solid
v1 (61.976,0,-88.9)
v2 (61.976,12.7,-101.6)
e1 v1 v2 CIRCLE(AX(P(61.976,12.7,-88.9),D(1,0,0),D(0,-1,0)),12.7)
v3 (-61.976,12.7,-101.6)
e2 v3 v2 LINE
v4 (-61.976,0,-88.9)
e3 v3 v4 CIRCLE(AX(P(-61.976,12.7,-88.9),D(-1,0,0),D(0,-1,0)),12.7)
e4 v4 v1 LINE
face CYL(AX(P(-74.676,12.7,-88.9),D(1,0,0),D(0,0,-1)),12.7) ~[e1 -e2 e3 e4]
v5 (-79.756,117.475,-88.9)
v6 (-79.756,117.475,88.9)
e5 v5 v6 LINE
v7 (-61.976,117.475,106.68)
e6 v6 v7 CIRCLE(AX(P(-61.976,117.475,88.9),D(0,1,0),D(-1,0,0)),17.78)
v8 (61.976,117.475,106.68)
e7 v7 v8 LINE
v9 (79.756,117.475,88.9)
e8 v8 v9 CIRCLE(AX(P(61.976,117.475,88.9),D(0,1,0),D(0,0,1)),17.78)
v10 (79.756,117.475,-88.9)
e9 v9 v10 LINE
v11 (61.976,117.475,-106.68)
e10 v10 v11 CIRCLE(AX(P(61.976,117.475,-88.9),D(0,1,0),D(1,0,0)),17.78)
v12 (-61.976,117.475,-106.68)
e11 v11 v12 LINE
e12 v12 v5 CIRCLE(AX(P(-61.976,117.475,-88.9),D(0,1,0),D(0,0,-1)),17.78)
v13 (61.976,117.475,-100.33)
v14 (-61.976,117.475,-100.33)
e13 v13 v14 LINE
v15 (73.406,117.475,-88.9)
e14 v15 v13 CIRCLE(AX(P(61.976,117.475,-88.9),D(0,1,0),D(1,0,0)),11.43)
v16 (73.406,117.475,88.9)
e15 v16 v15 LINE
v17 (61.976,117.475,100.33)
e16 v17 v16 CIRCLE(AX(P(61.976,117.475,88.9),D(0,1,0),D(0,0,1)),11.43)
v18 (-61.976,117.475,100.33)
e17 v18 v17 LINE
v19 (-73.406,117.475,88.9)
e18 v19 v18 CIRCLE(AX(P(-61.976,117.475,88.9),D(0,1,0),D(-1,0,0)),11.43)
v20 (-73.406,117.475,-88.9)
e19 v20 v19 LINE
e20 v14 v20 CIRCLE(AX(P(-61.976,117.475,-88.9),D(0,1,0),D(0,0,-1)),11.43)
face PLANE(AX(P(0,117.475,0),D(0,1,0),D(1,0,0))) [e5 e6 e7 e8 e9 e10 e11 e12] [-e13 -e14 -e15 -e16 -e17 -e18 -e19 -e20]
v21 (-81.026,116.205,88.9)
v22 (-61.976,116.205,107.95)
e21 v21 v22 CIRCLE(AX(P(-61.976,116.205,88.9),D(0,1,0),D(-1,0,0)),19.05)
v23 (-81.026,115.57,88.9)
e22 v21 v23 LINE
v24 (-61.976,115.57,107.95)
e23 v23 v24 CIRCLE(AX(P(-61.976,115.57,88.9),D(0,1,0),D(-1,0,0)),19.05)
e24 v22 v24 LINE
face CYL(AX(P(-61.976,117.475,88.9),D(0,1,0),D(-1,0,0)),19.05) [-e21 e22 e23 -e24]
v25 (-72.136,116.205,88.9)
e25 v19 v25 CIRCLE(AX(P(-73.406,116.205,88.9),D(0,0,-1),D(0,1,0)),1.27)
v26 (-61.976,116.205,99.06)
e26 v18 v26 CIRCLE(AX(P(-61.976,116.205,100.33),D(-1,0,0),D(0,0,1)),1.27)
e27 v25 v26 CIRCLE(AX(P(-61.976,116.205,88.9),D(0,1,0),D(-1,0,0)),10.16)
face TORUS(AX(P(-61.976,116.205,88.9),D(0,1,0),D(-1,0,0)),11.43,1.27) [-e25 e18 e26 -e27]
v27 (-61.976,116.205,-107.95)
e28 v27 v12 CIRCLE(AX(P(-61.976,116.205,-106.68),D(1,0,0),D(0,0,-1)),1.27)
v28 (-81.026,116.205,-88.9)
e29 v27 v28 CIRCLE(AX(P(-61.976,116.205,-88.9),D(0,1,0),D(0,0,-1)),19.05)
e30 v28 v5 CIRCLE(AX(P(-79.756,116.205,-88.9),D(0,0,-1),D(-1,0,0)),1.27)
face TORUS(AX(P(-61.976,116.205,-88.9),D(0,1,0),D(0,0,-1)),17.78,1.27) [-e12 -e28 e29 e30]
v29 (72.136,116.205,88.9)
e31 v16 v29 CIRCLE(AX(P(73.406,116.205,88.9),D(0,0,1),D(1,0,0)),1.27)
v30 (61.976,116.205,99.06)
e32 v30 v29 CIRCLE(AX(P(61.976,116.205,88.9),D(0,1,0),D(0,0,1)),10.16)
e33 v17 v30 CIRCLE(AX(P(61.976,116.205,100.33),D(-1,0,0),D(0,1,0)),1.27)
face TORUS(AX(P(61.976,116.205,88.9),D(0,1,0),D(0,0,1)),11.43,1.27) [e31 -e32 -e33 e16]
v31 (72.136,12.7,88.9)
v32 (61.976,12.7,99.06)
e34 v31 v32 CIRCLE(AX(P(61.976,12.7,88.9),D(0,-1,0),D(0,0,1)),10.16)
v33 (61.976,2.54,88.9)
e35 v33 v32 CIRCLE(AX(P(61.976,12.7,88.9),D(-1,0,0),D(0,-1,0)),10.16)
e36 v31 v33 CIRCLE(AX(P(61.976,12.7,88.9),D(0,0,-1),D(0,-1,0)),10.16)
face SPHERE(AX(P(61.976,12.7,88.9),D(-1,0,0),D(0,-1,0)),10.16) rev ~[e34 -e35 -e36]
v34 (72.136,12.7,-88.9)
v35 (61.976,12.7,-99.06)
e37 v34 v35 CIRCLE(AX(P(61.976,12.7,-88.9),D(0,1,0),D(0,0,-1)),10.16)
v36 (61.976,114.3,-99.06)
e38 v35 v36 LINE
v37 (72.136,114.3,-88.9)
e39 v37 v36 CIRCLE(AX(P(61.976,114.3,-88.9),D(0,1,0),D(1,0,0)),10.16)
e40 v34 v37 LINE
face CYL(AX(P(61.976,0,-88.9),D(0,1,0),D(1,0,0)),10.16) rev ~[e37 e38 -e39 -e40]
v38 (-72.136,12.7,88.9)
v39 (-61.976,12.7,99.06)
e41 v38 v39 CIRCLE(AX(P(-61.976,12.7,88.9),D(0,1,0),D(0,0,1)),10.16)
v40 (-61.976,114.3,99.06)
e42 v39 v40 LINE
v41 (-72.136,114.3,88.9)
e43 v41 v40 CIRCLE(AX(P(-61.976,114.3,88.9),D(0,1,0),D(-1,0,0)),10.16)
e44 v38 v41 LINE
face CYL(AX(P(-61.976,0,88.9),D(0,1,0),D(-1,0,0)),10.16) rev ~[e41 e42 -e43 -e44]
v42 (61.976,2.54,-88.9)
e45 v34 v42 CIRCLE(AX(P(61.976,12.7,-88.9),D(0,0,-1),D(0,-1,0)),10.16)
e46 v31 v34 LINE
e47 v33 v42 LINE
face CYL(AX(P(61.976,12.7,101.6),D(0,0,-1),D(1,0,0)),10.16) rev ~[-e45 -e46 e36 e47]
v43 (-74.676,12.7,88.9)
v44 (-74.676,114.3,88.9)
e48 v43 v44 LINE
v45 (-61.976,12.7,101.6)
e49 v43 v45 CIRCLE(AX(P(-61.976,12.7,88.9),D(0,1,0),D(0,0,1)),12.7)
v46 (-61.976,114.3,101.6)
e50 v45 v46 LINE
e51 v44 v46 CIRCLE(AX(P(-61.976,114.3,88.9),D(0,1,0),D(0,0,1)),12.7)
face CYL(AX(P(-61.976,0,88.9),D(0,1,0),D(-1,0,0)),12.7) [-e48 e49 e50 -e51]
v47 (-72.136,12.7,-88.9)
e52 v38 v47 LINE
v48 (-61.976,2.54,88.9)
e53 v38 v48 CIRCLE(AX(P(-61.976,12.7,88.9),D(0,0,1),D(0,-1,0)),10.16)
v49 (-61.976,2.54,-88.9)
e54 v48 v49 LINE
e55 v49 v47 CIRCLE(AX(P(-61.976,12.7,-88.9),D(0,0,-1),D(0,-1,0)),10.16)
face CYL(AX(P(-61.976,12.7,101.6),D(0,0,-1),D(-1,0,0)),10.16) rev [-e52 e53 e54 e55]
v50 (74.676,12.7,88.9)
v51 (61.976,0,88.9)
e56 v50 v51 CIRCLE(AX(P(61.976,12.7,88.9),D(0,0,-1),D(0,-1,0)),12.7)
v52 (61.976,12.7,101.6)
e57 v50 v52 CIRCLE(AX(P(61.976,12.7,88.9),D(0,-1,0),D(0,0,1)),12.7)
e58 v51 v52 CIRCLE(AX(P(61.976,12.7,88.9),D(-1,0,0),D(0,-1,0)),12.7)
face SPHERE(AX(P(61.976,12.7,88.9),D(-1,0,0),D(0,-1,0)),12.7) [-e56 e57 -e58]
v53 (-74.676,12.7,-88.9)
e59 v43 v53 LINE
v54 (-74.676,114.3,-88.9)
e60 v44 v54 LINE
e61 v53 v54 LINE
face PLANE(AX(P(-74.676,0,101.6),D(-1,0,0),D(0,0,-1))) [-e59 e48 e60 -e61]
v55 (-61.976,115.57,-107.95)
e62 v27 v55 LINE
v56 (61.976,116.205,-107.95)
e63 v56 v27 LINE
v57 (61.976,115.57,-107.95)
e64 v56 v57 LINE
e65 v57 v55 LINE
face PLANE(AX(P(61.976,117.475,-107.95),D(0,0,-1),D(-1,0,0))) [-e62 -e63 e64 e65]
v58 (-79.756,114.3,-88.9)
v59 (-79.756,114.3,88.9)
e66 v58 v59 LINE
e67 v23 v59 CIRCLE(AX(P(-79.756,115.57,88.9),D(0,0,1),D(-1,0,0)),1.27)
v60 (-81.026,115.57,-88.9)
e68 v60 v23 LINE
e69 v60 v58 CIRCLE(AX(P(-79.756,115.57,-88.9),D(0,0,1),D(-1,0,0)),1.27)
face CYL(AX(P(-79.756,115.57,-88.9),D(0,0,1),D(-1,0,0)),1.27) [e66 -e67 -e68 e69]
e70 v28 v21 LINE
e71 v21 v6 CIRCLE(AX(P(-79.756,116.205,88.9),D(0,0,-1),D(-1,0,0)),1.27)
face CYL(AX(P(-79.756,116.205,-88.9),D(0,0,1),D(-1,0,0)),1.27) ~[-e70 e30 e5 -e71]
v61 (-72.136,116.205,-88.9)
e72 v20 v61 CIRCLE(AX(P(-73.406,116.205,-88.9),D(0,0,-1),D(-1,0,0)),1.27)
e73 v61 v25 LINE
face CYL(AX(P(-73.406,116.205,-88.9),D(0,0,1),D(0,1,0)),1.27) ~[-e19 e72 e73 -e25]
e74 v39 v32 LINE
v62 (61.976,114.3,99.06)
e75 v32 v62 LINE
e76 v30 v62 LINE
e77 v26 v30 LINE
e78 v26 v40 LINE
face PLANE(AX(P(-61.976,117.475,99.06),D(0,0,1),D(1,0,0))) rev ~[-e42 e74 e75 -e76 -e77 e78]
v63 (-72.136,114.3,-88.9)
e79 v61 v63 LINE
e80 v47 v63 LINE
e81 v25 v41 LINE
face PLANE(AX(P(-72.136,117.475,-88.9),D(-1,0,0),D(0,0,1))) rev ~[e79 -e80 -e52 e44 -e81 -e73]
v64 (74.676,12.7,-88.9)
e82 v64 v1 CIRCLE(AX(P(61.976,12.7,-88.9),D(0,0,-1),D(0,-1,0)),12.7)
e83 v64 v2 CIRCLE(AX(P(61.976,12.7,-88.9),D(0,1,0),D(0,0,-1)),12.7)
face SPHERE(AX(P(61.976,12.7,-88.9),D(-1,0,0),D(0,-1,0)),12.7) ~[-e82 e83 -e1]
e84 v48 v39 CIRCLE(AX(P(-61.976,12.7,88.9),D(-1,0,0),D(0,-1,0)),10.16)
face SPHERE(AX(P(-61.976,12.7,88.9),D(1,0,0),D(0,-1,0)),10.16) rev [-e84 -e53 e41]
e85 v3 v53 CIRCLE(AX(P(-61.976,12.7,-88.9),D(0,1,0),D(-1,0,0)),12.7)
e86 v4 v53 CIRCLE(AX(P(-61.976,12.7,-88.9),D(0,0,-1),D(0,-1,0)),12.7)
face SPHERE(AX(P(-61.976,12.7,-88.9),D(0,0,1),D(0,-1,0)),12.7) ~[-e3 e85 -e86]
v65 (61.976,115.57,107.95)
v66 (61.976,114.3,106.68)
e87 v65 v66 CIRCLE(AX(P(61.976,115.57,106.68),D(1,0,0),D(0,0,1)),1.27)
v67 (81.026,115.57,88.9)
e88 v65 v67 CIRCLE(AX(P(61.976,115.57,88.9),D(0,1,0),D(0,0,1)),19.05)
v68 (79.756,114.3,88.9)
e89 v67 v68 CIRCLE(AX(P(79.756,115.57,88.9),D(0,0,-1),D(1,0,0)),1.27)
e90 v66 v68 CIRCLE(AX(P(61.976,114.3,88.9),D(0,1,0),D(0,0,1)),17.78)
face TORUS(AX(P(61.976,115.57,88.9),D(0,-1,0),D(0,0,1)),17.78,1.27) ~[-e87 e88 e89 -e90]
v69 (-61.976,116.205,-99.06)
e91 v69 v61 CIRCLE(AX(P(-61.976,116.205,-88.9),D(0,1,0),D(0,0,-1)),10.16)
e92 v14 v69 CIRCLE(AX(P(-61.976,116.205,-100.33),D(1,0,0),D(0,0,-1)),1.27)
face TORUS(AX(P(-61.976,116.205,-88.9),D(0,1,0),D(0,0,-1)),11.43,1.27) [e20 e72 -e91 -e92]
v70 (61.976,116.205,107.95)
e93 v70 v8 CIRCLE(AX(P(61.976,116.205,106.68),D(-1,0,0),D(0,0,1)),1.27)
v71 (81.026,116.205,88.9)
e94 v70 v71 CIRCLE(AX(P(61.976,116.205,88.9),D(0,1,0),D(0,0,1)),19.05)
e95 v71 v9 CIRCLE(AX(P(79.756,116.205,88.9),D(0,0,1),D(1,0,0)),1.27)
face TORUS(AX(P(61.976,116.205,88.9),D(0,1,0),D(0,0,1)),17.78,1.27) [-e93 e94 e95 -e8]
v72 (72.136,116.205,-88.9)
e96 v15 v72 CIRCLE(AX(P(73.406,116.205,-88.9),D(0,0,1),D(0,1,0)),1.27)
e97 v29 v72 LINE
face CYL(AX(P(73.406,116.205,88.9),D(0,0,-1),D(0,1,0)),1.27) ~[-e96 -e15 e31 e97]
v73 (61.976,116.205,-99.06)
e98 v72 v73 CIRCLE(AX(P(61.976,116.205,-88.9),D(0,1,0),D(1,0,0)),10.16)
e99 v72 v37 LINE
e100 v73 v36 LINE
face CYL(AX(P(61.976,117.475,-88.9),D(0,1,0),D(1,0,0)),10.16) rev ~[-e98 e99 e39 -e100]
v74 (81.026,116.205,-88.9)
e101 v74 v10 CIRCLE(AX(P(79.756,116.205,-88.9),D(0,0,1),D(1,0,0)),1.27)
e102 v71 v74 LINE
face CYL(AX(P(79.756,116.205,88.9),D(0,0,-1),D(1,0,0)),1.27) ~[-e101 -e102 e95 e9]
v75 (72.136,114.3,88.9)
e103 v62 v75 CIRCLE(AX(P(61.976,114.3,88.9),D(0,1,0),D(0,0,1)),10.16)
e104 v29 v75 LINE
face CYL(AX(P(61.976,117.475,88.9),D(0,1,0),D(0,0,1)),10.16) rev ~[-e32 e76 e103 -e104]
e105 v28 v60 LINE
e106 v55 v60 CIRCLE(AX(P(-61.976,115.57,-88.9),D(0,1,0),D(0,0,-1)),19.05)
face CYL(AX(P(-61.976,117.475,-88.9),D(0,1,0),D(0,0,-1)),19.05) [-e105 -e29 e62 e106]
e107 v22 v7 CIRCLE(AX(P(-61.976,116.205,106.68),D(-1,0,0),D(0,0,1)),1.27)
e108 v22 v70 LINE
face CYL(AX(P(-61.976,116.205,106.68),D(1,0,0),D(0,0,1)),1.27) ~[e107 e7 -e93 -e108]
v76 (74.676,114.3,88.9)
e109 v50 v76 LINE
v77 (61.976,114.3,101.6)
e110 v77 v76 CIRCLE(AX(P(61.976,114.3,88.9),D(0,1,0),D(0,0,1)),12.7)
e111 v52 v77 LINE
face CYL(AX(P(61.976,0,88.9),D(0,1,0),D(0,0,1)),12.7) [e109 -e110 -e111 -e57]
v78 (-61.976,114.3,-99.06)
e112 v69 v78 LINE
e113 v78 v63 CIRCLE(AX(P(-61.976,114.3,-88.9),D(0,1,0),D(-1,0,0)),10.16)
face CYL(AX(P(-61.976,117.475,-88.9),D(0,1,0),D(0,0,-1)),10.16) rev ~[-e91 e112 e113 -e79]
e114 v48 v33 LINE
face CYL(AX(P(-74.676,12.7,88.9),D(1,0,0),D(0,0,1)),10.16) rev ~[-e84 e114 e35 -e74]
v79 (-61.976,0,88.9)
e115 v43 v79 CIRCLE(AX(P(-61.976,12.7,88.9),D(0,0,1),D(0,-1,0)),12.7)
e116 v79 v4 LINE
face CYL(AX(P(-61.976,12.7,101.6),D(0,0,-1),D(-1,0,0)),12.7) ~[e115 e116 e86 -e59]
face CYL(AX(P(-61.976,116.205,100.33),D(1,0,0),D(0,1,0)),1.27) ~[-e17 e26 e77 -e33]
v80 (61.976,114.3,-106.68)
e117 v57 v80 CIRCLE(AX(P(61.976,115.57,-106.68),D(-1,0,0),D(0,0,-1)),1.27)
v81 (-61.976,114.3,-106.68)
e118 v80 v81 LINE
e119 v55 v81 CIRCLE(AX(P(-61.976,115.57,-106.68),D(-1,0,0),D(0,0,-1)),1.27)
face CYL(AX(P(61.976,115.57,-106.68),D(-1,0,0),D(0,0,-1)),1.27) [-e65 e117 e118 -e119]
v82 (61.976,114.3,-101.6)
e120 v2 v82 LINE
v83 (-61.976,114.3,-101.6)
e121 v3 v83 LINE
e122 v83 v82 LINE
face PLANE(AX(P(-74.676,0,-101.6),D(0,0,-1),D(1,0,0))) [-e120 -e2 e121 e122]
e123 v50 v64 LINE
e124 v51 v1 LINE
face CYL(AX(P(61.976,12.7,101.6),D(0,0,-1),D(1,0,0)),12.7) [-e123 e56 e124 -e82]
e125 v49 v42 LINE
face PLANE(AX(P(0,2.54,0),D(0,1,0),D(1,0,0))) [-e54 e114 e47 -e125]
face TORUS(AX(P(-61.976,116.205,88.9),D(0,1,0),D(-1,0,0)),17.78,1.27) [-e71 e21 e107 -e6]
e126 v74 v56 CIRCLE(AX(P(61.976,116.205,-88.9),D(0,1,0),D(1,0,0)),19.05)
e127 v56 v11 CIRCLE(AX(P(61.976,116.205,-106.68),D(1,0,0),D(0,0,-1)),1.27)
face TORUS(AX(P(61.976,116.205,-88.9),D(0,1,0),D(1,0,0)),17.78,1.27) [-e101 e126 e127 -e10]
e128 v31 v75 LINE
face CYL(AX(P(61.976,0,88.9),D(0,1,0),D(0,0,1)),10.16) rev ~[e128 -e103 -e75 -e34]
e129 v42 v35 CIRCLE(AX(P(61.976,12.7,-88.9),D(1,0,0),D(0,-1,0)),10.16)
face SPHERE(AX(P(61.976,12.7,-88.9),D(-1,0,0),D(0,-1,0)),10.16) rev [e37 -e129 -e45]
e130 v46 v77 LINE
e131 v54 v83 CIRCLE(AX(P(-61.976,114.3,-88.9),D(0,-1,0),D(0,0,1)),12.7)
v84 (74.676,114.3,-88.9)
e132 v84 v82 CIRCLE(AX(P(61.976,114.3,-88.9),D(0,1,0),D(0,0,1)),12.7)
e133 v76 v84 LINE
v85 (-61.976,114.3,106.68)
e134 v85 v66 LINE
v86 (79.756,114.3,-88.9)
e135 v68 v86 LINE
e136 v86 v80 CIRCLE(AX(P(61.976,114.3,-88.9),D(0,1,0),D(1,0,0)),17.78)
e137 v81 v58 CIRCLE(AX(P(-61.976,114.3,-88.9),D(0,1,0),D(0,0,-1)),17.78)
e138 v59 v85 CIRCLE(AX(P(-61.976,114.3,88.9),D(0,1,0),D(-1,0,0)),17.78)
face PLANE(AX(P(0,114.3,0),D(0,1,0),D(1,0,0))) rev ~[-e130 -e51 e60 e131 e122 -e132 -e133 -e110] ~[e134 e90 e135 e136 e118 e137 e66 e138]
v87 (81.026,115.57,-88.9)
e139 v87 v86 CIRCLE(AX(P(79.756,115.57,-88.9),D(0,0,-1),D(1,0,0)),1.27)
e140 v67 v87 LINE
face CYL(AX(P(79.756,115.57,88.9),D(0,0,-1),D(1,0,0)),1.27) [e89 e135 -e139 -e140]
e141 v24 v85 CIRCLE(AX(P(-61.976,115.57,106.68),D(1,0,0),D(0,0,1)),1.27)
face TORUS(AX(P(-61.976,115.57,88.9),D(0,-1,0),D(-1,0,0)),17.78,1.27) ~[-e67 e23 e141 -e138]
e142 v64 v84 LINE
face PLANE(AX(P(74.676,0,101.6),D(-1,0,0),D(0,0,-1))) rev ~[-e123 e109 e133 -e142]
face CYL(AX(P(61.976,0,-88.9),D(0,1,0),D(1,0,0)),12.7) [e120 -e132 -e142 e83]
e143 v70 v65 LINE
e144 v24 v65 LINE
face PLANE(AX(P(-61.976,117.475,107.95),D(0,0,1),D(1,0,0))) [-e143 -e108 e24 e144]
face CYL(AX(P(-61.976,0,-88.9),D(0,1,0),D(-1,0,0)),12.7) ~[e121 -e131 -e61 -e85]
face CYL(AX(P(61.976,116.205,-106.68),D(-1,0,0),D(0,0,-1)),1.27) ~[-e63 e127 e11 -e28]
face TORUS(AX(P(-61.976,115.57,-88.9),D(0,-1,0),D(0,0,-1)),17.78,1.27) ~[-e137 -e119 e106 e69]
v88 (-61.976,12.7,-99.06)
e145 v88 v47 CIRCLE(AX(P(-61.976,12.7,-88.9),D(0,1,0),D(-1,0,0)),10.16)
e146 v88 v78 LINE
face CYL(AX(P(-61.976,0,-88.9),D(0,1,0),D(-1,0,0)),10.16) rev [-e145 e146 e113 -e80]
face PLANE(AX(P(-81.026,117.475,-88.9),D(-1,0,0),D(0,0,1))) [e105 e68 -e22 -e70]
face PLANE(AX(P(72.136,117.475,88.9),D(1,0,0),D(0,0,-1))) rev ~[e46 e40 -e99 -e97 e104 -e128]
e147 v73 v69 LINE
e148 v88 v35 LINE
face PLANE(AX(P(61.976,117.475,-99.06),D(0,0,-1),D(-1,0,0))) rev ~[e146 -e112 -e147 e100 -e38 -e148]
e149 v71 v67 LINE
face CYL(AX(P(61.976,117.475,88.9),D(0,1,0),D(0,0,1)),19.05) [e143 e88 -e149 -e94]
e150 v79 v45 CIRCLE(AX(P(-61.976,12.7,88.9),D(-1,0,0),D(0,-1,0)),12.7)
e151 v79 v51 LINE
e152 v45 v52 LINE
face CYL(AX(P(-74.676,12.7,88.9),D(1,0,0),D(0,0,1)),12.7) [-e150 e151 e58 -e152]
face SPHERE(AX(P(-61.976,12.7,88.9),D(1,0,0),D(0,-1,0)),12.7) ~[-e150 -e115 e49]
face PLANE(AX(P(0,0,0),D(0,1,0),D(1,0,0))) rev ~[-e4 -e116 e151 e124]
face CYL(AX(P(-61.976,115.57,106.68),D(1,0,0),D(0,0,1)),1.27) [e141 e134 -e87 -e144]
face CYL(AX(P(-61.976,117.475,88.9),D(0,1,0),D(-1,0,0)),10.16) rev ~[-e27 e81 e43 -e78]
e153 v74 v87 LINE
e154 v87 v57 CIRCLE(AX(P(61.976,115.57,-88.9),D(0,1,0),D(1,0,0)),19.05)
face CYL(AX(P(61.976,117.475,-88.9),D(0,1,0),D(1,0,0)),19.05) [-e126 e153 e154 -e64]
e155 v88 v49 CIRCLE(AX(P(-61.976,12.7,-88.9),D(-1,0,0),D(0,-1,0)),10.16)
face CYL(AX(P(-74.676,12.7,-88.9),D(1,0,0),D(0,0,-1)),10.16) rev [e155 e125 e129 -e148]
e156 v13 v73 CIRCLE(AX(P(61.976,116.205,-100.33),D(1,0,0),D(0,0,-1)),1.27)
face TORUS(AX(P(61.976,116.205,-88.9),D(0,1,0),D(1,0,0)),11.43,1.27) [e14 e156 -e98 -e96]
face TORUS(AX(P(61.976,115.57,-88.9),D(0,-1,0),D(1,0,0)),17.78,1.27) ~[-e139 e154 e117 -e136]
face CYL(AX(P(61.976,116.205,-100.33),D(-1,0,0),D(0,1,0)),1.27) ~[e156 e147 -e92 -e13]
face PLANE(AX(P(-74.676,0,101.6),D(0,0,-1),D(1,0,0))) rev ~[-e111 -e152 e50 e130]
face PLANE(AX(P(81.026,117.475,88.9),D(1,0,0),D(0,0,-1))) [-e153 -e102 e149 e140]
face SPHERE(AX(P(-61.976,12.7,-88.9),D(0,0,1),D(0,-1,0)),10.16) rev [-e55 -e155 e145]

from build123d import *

# Parameters (mm, degrees)
SKETCH1_W           = 149.352
SKETCH1_H           = 203.2
BOSS_EXTRUDE1_DEPTH = 114.3
FILLET1_R           = 12.7
SHELL1_T            = -2.54
BOSS_EXTRUDE2_START = 3.175
BOSS_EXTRUDE2_DEPTH = 3.175
FILLET2_R           = 1.27


with BuildPart() as part:
    # Sketch1 → Boss-Extrude1 (new body)
    with BuildSketch(Plane(origin=(0, 0, 0), x_dir=(1, 0, 0), z_dir=(0, 1, 0))):
        Rectangle(SKETCH1_W, SKETCH1_H)
    extrude(amount=BOSS_EXTRUDE1_DEPTH)

    # Fillet1
    fillet1_edges = [part.edges().sort_by_distance(p)[0] for p in [
        (0, 0, 101.6),
        (-74.676, 0, 0),
        (0, 0, -101.6),
        (74.676, 0, 0),
        (74.676, 57.15, 101.6),
        (-74.676, 57.15, 101.6),
        (-74.676, 57.15, -101.6),
        (74.676, 57.15, -101.6),
    ]]
    fillet(fillet1_edges, radius=FILLET1_R)

    # Shell1
    shell1_openings = [part.faces().sort_by_distance(p)[0] for p in [
        (0, 114.3, 0),
    ]]
    offset(amount=SHELL1_T, openings=shell1_openings, kind=Kind.INTERSECTION)

    # Sketch2 → Boss-Extrude2 (add)
    with BuildSketch(Plane(origin=(0, 114.3, 0), x_dir=(1, 0, 0), z_dir=(0, 1, 0)).offset(BOSS_EXTRUDE2_START)):
        with BuildLine():
            Line((61.976, 107.95), (-61.976, 107.95))
            ThreePointArc((-61.976, 107.95), (-75.446384182, 102.370384182), (-81.026, 88.9))
            Line((-81.026, 88.9), (-81.026, -88.9))
            ThreePointArc((-81.026, -88.9), (-75.446384182, -102.370384182), (-61.976, -107.95))
            Line((-61.976, -107.95), (61.976, -107.95))
            ThreePointArc((61.976, -107.95), (75.446384182, -102.370384182), (81.026, -88.9))
            Line((81.026, -88.9), (81.026, 88.9))
            ThreePointArc((81.026, 88.9), (75.446384182, 102.370384182), (61.976, 107.95))
        make_face()
        with BuildLine():
            Line((-72.136, 88.9), (-72.136, -88.9))
            ThreePointArc((-72.136, -88.9), (-69.160204897, -96.084204897), (-61.976, -99.06))
            Line((-61.976, -99.06), (61.976, -99.06))
            ThreePointArc((61.976, -99.06), (69.160204897, -96.084204897), (72.136, -88.9))
            Line((72.136, -88.9), (72.136, 88.9))
            ThreePointArc((72.136, 88.9), (69.160204897, 96.084204897), (61.976, 99.06))
            Line((61.976, 99.06), (-61.976, 99.06))
            ThreePointArc((-61.976, 99.06), (-69.160204897, 96.084204897), (-72.136, 88.9))
        make_face(mode=Mode.SUBTRACT)
    extrude(amount=-BOSS_EXTRUDE2_DEPTH)

    # Fillet2
    fillet2_edges = [part.edges().sort_by_distance(p)[0] for p in [
        (75.446384182, 117.475, -102.370384182),
        (0, 117.475, -107.95),
        (-75.446384182, 117.475, -102.370384182),
        (-81.026, 117.475, 0),
        (-75.446384182, 117.475, 102.370384182),
        (0, 117.475, 107.95),
        (75.446384182, 117.475, 102.370384182),
        (81.026, 117.475, 0),
        (75.446384182, 114.3, -102.370384182),
        (0, 114.3, -107.95),
        (-75.446384182, 114.3, -102.370384182),
        (-81.026, 114.3, 0),
        (-75.446384182, 114.3, 102.370384182),
        (0, 114.3, 107.95),
        (75.446384182, 114.3, 102.370384182),
        (81.026, 114.3, 0),
        (-69.160204897, 117.475, -96.084204897),
        (-72.136, 117.475, 0),
        (-69.160204897, 117.475, 96.084204897),
        (0, 117.475, 99.06),
        (69.160204897, 117.475, 96.084204897),
        (72.136, 117.475, 0),
        (69.160204897, 117.475, -96.084204897),
        (0, 117.475, -99.06),
    ]]
    fillet(fillet2_edges, radius=FILLET2_R)


solid = part.part
